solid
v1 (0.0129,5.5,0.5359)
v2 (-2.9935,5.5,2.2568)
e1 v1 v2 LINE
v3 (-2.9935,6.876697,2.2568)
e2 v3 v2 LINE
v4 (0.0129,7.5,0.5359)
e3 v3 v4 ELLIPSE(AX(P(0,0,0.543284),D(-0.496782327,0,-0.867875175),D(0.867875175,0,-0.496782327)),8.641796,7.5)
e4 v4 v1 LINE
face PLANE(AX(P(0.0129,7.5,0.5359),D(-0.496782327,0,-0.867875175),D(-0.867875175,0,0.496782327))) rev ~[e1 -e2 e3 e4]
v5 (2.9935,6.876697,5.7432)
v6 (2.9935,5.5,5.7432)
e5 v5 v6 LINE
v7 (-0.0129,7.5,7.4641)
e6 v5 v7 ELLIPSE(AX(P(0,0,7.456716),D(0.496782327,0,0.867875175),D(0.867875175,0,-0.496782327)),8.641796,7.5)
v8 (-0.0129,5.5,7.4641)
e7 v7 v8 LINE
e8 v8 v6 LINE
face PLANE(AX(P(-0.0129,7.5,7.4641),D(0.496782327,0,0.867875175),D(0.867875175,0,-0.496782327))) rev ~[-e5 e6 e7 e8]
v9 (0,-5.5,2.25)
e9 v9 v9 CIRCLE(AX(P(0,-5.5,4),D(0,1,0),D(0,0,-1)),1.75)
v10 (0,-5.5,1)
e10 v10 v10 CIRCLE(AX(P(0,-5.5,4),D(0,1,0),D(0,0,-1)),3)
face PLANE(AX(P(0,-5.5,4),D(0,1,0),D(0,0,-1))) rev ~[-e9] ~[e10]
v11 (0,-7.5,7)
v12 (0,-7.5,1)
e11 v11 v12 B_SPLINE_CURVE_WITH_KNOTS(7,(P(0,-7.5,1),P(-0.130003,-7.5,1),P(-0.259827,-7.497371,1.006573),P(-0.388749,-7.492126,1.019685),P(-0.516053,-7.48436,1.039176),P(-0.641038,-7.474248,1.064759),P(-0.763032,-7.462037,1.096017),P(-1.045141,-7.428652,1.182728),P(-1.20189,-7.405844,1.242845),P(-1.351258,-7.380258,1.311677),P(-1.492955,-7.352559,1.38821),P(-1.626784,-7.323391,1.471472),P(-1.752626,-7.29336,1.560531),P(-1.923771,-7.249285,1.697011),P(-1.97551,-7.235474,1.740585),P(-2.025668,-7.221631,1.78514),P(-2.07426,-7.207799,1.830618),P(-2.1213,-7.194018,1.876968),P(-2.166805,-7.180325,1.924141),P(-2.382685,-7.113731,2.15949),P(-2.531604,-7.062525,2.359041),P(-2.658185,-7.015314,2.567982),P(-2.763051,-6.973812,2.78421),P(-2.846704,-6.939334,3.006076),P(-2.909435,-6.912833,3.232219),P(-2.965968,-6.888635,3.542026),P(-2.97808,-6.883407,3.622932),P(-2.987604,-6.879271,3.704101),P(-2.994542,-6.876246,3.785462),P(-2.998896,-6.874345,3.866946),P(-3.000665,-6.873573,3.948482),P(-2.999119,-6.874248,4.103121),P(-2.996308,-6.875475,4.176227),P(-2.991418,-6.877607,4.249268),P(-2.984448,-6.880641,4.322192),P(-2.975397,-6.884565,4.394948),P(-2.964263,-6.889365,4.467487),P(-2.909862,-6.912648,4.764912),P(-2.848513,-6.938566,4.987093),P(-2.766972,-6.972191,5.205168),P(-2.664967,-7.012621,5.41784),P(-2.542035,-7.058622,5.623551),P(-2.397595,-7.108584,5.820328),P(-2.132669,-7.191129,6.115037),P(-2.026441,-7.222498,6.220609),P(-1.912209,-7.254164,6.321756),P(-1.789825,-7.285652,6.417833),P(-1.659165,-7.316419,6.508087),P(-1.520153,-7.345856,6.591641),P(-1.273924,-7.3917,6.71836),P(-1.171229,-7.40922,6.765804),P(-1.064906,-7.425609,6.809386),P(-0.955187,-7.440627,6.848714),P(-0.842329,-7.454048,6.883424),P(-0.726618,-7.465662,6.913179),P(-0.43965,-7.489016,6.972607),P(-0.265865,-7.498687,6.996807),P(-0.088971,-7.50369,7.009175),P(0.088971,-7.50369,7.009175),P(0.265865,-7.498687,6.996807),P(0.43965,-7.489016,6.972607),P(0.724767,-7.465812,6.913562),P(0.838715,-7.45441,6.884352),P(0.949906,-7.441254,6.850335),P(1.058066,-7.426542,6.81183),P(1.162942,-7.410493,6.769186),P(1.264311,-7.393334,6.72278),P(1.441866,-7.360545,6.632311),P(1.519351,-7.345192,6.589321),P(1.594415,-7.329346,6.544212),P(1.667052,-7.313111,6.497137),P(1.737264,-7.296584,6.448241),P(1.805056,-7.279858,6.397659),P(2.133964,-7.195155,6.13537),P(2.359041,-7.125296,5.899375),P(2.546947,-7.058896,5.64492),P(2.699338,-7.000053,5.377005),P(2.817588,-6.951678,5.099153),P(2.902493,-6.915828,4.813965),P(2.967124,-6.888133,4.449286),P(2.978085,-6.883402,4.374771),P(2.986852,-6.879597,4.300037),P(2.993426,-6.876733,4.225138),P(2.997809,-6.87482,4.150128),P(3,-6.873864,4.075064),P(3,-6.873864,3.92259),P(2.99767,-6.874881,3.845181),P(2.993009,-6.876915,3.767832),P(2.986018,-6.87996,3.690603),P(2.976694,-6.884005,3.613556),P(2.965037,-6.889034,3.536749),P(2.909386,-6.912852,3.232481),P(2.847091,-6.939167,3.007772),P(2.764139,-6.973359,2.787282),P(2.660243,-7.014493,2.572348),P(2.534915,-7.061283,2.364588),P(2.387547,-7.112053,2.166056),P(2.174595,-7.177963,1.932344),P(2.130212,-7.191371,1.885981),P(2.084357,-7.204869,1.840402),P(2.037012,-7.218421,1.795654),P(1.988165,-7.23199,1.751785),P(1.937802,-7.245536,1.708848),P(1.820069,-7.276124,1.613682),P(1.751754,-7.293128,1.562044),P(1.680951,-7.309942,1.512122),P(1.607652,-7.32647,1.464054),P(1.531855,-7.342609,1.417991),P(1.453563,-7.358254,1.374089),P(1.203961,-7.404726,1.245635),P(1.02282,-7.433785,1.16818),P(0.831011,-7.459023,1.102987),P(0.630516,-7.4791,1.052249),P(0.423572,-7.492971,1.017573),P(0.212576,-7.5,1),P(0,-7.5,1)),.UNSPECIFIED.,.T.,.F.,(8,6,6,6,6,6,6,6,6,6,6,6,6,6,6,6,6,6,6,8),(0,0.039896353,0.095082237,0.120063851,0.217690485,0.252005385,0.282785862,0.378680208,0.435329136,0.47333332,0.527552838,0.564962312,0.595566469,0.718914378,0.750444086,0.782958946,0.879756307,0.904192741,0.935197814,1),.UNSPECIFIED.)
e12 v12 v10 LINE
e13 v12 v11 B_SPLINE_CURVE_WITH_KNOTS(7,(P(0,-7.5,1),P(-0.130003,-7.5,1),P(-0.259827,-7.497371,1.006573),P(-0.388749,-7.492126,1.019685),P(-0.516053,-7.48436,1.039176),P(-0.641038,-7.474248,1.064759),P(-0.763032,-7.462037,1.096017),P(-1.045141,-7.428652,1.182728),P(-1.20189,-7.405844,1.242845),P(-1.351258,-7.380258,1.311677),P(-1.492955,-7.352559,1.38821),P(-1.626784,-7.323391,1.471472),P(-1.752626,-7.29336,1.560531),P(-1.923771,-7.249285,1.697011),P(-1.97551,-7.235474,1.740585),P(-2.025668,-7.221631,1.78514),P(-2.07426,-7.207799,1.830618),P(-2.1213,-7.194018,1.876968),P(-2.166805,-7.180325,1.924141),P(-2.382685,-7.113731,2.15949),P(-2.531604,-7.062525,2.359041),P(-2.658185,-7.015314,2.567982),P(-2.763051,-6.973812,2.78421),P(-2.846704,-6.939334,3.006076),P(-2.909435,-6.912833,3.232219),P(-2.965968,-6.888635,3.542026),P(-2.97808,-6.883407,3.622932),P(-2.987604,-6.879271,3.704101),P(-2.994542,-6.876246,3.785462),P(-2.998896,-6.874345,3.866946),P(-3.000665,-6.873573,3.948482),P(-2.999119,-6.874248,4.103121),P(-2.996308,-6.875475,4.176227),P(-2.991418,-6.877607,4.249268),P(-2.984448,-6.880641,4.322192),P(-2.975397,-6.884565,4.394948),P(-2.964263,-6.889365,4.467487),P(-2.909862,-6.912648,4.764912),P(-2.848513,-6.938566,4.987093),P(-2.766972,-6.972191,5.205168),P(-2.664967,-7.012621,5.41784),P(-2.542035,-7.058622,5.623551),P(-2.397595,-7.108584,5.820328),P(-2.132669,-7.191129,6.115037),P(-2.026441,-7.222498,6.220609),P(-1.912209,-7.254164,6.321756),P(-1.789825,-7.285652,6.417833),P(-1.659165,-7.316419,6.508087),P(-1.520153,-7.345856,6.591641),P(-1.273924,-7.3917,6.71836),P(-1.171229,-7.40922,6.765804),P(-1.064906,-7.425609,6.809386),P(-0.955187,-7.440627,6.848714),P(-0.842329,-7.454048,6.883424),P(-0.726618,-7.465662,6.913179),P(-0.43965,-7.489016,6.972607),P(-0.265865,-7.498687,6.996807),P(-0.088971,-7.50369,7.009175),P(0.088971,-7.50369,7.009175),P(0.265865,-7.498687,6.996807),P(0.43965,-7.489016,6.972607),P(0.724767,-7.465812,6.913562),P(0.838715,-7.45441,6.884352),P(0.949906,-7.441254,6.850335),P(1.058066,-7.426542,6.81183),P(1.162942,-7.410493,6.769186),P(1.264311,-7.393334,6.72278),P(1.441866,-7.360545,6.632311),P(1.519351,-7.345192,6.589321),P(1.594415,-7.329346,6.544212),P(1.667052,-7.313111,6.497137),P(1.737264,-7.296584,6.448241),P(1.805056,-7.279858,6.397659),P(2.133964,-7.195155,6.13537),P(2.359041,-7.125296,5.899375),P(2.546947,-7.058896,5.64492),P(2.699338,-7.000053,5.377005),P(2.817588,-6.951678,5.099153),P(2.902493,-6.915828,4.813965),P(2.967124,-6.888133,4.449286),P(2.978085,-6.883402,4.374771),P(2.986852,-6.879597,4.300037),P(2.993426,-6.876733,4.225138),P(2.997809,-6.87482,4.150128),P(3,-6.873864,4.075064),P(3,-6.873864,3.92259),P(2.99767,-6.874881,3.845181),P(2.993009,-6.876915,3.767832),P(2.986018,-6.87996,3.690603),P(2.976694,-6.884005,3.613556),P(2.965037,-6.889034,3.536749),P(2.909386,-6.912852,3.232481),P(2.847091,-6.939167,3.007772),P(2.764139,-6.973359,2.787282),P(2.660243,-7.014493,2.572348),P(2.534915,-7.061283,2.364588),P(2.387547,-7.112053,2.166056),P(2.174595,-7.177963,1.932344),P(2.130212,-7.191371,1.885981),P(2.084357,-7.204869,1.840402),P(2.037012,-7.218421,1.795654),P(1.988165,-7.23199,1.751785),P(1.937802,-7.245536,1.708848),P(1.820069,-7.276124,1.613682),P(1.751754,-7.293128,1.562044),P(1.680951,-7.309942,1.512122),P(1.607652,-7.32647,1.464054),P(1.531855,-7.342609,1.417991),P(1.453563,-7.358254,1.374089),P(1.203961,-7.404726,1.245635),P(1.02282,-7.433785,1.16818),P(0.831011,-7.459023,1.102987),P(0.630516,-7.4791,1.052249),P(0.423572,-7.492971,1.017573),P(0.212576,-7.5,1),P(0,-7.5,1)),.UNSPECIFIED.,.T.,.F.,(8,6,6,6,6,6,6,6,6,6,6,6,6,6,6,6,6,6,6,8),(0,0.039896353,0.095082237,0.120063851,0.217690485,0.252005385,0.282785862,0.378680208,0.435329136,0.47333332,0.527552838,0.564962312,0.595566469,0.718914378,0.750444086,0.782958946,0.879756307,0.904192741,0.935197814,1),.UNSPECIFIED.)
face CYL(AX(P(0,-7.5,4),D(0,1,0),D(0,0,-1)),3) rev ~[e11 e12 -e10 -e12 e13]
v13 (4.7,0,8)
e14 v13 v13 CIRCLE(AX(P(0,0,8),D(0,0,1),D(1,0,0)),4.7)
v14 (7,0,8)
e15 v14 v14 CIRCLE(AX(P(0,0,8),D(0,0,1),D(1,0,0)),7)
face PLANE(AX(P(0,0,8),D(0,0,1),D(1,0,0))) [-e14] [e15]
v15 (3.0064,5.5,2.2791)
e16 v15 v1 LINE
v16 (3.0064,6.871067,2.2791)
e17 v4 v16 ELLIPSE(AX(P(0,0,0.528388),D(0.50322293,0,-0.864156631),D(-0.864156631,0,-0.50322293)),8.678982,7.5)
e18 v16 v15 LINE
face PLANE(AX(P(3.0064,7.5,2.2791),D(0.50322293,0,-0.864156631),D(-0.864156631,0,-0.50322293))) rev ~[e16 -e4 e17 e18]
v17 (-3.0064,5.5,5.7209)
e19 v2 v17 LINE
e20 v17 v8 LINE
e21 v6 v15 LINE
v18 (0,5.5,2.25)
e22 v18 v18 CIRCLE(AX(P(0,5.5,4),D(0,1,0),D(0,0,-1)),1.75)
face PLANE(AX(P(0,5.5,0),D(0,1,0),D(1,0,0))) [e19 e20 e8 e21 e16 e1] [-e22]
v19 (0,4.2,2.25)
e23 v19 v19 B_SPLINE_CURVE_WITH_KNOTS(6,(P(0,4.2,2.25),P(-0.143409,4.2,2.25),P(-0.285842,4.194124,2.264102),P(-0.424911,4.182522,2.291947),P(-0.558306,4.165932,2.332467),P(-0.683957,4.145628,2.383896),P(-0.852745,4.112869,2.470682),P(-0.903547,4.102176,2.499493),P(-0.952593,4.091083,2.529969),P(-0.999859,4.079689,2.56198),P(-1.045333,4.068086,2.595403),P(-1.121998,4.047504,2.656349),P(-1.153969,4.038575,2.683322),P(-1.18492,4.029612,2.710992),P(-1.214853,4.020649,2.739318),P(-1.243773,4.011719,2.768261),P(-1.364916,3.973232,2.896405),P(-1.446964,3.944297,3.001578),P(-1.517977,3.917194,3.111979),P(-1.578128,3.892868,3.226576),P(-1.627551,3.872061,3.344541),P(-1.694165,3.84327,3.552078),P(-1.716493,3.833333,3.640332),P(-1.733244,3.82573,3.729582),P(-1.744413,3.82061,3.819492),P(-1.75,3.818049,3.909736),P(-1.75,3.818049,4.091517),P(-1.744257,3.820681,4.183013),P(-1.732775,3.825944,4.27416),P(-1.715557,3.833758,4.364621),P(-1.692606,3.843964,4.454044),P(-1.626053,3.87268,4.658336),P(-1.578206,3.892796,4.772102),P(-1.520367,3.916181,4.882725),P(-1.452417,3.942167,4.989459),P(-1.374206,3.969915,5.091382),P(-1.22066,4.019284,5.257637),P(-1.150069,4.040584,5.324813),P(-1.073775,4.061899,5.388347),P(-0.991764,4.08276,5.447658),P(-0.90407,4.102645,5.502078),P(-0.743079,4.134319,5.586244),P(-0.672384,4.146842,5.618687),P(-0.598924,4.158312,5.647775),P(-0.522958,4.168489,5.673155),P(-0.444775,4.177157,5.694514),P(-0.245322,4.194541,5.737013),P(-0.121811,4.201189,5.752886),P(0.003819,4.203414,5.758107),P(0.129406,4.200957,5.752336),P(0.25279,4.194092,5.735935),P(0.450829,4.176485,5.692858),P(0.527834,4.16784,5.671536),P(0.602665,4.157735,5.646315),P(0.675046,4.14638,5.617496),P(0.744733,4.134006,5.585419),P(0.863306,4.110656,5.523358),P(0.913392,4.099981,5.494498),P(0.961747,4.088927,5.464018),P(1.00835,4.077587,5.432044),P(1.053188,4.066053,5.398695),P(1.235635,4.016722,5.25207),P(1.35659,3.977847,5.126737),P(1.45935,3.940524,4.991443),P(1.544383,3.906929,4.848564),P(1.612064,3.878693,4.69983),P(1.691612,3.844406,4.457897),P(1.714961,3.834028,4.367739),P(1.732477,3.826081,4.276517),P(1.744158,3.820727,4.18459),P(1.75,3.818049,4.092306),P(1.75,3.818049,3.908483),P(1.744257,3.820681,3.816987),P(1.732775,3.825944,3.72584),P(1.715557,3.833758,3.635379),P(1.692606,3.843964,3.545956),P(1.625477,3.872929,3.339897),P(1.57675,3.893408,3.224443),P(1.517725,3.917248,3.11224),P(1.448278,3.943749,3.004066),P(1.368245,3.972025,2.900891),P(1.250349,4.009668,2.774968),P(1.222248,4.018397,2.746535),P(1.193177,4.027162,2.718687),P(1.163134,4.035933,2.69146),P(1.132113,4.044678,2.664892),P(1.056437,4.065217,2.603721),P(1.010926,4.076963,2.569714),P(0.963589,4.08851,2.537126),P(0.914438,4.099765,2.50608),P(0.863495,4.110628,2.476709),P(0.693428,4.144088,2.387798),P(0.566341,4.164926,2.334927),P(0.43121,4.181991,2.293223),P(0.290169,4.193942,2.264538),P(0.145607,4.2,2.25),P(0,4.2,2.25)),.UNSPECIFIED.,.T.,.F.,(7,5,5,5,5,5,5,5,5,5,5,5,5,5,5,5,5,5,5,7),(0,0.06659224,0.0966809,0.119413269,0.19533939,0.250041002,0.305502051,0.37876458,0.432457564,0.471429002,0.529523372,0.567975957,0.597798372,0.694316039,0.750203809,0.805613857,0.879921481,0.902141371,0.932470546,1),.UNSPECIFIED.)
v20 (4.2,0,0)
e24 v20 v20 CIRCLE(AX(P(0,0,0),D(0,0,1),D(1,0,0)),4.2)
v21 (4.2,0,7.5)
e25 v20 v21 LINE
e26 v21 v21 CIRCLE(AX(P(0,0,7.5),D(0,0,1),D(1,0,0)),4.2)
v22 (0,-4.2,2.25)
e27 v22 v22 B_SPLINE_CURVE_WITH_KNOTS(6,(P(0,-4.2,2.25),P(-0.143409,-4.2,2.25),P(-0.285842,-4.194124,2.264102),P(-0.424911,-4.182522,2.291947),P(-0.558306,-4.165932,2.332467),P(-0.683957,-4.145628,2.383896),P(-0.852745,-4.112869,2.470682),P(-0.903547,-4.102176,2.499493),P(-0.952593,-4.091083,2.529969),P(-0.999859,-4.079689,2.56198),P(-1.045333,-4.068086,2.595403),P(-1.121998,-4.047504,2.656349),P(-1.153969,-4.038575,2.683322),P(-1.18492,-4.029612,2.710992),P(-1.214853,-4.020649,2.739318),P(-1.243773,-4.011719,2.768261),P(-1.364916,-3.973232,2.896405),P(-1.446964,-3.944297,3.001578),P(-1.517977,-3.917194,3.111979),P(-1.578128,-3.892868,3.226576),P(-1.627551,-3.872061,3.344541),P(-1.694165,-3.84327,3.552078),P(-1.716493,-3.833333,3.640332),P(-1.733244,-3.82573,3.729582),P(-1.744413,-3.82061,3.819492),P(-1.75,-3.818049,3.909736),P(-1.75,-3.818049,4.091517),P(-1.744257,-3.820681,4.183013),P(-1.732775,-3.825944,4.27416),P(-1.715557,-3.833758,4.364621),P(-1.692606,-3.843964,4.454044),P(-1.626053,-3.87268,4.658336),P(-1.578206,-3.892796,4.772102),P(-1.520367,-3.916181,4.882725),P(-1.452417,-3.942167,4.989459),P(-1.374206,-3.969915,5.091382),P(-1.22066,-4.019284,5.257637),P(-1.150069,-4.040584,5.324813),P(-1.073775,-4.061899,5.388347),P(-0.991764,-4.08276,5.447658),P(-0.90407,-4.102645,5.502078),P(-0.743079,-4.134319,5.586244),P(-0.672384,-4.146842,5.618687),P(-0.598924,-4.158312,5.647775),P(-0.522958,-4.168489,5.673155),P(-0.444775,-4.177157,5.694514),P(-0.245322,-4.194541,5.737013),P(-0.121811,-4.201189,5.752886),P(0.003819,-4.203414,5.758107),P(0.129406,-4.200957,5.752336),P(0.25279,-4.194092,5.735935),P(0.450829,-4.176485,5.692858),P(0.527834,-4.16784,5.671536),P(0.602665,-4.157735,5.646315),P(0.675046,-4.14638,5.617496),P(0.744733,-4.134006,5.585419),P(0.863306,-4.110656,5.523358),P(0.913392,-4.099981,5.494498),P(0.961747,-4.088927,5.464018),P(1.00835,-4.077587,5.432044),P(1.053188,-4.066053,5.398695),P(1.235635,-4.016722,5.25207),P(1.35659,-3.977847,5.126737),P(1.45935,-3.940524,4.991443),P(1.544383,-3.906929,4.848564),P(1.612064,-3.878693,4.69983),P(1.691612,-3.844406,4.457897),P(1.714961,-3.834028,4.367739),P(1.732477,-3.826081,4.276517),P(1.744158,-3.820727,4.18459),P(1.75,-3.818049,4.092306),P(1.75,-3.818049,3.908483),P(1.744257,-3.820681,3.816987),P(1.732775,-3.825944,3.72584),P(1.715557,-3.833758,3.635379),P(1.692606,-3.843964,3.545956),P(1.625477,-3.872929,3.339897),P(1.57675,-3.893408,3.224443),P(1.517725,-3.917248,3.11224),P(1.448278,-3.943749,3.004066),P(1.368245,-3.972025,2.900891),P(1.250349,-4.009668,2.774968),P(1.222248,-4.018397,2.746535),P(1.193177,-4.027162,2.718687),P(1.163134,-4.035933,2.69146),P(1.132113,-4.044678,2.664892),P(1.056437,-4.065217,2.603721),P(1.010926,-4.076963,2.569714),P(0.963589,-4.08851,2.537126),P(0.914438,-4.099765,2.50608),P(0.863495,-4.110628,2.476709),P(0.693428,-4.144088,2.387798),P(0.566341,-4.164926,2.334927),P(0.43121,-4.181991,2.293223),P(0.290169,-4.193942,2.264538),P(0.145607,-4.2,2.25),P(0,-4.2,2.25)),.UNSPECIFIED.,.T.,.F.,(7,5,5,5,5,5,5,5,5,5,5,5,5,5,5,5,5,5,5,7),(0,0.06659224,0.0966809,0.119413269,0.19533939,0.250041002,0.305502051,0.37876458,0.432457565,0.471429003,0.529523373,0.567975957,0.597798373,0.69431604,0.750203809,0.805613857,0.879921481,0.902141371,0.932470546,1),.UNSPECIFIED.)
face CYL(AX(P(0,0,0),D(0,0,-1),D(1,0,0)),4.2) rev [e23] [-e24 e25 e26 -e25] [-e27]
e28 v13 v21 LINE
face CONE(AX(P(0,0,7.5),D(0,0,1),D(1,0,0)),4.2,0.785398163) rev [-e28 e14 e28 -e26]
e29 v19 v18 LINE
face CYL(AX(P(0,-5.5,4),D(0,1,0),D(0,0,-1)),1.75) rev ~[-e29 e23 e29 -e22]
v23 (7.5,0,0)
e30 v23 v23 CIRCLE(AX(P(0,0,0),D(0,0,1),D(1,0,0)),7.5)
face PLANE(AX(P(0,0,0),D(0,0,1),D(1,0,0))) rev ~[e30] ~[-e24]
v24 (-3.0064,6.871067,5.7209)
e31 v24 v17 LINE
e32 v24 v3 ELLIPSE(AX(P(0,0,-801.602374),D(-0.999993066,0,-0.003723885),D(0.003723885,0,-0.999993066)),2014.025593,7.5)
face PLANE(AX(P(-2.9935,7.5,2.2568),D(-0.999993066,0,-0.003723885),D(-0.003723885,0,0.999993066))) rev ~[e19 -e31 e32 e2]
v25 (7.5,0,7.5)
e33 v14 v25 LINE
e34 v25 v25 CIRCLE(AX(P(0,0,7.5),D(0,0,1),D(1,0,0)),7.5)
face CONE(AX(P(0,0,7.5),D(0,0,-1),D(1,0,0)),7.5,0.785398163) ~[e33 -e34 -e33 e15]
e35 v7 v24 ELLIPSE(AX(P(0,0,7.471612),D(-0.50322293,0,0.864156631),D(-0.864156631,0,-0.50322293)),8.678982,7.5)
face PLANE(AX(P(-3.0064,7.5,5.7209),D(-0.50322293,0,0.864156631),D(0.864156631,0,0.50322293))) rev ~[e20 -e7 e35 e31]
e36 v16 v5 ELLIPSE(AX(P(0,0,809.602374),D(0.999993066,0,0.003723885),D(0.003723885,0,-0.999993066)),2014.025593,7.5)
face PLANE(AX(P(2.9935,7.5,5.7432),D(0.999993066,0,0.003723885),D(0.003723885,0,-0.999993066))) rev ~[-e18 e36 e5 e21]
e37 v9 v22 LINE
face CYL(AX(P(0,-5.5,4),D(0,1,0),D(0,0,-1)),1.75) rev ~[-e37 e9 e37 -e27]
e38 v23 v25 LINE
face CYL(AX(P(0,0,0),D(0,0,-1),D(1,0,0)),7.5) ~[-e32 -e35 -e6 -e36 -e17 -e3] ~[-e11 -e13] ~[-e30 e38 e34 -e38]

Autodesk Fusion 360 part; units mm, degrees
sketch "Esquisse1" plane through (0, 0, 0) normal (0, 0, 1) x (1, 0, 0)
  circle A0 centre (0, 0) radius 4.2
  circle A1 centre (0, 0) radius 7.5
  dimension "d1" = 8.4
  dimension "d2" = 15
extrude "Extrusion1" add sketch "Esquisse1" along normal blind 8
hole "Perçage1" at (0, -7.5, 4) direction (0, 1, 0) diameter 3.5 depth 15 tip angle 180 counterbore diameter 6 counterbore depth 2
ref_plane "Plan de construction1" through (0, 7.5, 0) normal (0, 1, 0) x (0, 0, 1)
sketch "Esquisse2" plane through (0, 7.5, 0) normal (0, 1, 0) x (1, 0, 0)
  line L0 (-2.9935, -2.2568) -> (-3.0064, -5.7209)
  line L1 (-3.0064, -5.7209) -> (-0.0129, -7.4641)
  line L2 (-0.0129, -7.4641) -> (2.9935, -5.7432)
  line L3 (2.9935, -5.7432) -> (3.0064, -2.2791)
  line L4 (3.0064, -2.2791) -> (0.0129, -0.5359)
  line L5 (0.0129, -0.5359) -> (-2.9935, -2.2568)
  point P0 (0, -4)
  dimension "d12" = 3
extrude "Extrusion2" cut sketch "Esquisse2" against normal blind 2
chamfer "Chanfrein1" distance 0.5 angle 45 1 edges at (-3.9158, 1.5188, 8)
chamfer "Chanfrein2" distance 0.5 angle 45 1 edges at (-6.9925, -2.7121, 8)
